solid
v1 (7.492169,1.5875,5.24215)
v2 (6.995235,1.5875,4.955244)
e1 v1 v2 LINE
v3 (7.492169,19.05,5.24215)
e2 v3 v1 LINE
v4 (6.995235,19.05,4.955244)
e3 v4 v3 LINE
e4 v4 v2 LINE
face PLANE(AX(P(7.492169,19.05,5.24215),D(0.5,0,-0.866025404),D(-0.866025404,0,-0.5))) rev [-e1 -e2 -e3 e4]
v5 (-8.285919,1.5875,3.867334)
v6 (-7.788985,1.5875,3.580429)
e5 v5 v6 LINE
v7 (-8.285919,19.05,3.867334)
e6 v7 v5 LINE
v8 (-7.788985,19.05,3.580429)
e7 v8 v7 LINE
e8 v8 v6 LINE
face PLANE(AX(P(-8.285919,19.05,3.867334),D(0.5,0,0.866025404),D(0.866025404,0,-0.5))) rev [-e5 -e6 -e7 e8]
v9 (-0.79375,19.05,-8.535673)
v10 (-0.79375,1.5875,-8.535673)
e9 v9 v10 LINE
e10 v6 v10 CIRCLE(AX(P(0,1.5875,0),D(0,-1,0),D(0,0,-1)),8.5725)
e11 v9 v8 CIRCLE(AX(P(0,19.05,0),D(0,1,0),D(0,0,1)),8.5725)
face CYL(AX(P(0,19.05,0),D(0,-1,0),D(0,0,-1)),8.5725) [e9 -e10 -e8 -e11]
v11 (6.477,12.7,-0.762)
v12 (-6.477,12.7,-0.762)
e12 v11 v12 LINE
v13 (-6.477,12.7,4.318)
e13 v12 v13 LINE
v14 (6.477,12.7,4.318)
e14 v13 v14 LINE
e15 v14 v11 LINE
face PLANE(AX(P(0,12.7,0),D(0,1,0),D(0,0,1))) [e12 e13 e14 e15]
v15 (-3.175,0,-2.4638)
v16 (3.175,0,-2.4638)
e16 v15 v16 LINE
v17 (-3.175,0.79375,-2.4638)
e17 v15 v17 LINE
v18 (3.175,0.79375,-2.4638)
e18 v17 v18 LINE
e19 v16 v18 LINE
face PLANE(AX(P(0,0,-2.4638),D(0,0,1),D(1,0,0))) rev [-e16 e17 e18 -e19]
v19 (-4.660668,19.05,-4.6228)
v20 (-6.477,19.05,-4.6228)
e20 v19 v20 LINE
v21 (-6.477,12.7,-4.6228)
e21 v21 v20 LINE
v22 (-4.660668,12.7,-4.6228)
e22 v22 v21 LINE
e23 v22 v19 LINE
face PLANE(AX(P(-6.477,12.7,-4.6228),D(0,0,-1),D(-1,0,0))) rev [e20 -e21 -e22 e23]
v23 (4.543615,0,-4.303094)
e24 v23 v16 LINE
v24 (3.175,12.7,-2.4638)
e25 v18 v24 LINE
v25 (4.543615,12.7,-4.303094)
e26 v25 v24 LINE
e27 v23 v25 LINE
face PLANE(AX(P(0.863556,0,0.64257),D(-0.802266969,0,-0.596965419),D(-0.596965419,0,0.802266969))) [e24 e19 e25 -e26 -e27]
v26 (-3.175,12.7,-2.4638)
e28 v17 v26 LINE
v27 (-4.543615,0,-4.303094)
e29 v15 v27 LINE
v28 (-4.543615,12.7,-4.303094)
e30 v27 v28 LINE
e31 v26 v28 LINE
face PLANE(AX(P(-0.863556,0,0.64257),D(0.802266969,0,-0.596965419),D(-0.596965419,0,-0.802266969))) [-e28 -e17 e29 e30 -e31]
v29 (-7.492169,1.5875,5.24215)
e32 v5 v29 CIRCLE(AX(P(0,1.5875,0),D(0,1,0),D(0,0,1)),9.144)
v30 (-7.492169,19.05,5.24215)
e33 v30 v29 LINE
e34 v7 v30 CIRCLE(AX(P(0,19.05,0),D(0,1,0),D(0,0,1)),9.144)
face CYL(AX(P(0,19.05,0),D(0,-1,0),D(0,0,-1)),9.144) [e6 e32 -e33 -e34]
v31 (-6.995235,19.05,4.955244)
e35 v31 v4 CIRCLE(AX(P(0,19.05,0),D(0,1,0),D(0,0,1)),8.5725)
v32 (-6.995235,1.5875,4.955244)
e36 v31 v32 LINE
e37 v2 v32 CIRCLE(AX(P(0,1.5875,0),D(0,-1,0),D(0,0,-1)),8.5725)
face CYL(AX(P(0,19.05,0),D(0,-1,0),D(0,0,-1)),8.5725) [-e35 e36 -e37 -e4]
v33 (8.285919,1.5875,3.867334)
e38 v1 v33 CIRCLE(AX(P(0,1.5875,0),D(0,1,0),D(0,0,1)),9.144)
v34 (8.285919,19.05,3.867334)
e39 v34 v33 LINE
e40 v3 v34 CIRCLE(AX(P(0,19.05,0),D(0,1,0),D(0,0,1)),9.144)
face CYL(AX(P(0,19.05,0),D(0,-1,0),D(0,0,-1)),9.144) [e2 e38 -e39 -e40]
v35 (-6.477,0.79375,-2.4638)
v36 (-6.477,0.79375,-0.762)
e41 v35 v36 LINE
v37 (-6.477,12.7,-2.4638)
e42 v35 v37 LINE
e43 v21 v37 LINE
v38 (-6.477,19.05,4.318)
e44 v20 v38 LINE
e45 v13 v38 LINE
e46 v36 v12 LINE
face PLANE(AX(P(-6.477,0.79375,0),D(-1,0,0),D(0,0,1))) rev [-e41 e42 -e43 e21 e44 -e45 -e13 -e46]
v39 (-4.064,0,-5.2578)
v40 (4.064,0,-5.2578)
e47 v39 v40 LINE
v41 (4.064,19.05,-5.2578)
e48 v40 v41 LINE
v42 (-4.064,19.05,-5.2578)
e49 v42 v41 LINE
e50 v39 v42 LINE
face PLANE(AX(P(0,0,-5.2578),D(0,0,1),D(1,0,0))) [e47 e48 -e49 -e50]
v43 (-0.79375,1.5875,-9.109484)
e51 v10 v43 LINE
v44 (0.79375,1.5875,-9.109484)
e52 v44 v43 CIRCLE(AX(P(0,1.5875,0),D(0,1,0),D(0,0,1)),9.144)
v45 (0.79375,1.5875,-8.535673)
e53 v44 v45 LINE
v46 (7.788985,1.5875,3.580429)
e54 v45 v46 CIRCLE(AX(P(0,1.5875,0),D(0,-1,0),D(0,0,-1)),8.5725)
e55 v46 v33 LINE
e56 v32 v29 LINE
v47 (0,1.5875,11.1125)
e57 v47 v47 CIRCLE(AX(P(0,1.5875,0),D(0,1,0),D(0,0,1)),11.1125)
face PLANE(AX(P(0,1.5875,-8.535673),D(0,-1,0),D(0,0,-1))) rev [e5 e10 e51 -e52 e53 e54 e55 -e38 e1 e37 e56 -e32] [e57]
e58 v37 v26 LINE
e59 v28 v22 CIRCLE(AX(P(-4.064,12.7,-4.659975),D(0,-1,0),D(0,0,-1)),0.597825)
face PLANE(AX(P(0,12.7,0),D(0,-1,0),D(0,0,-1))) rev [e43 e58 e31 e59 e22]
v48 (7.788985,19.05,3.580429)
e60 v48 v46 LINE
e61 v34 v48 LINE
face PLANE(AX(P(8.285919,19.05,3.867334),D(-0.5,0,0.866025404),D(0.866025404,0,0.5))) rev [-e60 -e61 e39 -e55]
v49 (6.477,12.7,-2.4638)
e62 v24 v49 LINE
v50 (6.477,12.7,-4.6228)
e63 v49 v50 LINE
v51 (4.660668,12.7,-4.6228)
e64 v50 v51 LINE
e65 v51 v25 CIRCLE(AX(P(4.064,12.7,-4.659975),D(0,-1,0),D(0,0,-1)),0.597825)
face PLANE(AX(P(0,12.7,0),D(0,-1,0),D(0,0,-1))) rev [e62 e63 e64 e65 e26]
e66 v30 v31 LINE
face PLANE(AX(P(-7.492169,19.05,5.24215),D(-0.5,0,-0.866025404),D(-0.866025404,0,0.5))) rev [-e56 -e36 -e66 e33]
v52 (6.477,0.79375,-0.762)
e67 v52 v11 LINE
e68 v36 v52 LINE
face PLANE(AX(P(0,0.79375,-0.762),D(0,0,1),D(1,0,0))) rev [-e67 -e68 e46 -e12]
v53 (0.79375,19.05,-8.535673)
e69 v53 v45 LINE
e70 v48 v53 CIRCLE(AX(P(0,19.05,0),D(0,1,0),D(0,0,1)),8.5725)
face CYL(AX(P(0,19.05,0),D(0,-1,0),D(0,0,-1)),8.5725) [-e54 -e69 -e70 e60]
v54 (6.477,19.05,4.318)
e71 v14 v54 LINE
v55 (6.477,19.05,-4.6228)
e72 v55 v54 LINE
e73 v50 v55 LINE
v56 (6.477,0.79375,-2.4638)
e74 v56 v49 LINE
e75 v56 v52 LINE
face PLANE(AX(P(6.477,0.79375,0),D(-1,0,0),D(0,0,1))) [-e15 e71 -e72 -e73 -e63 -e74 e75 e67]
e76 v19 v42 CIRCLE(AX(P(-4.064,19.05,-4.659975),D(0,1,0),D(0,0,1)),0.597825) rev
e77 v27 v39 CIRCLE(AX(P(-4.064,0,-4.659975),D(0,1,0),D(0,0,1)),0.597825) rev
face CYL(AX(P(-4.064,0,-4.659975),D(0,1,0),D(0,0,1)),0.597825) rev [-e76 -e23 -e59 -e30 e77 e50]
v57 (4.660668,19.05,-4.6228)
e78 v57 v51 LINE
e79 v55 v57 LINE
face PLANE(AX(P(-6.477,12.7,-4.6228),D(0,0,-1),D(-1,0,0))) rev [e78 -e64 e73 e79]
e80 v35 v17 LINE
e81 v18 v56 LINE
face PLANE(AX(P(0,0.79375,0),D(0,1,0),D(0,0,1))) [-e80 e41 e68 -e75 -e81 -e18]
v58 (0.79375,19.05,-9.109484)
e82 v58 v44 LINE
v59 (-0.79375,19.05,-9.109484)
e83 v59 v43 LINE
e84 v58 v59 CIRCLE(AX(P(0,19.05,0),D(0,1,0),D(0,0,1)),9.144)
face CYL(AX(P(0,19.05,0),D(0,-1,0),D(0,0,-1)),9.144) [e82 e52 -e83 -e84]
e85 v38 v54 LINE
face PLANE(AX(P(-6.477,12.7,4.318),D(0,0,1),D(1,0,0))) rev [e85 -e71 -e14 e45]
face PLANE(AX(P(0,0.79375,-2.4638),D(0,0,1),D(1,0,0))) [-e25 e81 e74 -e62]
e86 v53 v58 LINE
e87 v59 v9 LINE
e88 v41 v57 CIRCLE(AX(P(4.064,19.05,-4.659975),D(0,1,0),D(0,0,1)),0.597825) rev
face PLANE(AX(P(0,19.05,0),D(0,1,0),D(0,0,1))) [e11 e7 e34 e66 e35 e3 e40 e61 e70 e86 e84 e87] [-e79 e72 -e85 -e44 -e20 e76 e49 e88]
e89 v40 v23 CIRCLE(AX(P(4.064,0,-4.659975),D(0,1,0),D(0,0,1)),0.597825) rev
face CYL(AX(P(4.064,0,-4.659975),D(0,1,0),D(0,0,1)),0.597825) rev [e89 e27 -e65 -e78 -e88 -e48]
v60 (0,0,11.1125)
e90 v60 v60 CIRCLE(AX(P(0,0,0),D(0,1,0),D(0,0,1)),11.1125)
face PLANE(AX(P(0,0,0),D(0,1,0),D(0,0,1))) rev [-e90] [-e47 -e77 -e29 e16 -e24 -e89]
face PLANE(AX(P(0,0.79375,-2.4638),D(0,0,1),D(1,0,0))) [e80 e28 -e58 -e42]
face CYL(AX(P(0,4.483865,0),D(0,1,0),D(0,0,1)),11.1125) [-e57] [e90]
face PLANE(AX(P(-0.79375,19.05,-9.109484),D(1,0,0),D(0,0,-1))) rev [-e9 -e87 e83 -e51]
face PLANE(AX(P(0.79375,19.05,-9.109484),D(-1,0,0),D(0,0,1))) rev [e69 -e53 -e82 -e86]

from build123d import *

# Parameters (mm, degrees)
BOSS_EXTRUDE1_DEPTH = 19.05
CUT_EXTRUDE1_DEPTH  = 23.803574111
CUT_EXTRUDE2_DEPTH  = 18.25625
SKETCH6_W           = 0.608326788
SKETCH6_H           = 1.5875
SKETCH8_W           = 2.576826788
SKETCH8_H           = 1.5875
SKETCH9_W           = 12.954
SKETCH9_H           = 5.08
SKETCH9_H_2         = 2.159
CUT_EXTRUDE3_DEPTH  = 6.35


with BuildPart() as part:
    # Sketch1 → Boss-Extrude1 (new body)
    with BuildSketch(Plane(origin=(0, 0, 0), x_dir=(1, 0, 0), z_dir=(0, 1, 0))):
        with BuildLine():
            Line((-0.79375, 9.109483901), (-0.79375, 8.535673212))
            ThreePointArc((-0.79375, 8.535673212), (-7.424002774, 4.28625), (-7.78898484, -3.580428942))
            Line((-7.78898484, -3.580428942), (-8.285919473, -3.867334286))
            ThreePointArc((-8.285919473, -3.867334286), (-7.918936292, -4.572), (-7.492169473, -5.242149615))
            Line((-7.492169473, -5.242149615), (-6.99523484, -4.95524427))
            ThreePointArc((-6.99523484, -4.95524427), (0, -8.5725), (6.99523484, -4.95524427))
            Line((6.99523484, -4.95524427), (7.492169473, -5.242149615))
            ThreePointArc((7.492169473, -5.242149615), (7.918936292, -4.572), (8.285919473, -3.867334286))
            Line((8.285919473, -3.867334286), (7.78898484, -3.580428942))
            ThreePointArc((7.78898484, -3.580428942), (7.424002774, 4.28625), (0.79375, 8.535673212))
            Line((0.79375, 8.535673212), (0.79375, 9.109483901))
            ThreePointArc((0.79375, 9.109483901), (0, 9.144), (-0.79375, 9.109483901))
        make_face()
    extrude(amount=BOSS_EXTRUDE1_DEPTH)

    # Sketch2 → Cut-Extrude1 (cut, through all)
    with BuildSketch(Plane(origin=(0, 19.05, 0), x_dir=(1, 0, 0), z_dir=(0, 1, 0))):
        with BuildLine():
            Line((-4.543615348, 4.303093955), (-3.175, 2.4638))
            Line((-3.175, 2.4638), (3.175, 2.4638))
            Line((3.175, 2.4638), (4.543615348, 4.303093955))
            ThreePointArc((4.543615348, 4.303093955), (4.598203733, 4.928342625), (4.064, 5.2578))
            Line((4.064, 5.2578), (-4.064, 5.2578))
            ThreePointArc((-4.064, 5.2578), (-4.598203733, 4.928342625), (-4.543615348, 4.303093955))
        make_face()
    extrude(amount=-CUT_EXTRUDE1_DEPTH, mode=Mode.SUBTRACT)

    # Sketch2<4> → Cut-Extrude2 (cut)
    with BuildSketch(Plane(origin=(0, 19.05, 0), x_dir=(1, 0, 0), z_dir=(0, 1, 0))):
        Polygon((3.175, 2.4638), (-3.175, 2.4638), (-6.477, 2.4638), (-6.477, 0.762), (6.477, 0.762), (6.477, 2.4638), align=None)
    extrude(amount=-CUT_EXTRUDE2_DEPTH, mode=Mode.SUBTRACT)

    # Sketch6 → Cut-Revolve2 (revolve, cut)
    with BuildSketch(Plane(origin=(0, 0, 0), x_dir=(0, 0, -1), z_dir=(1, 0, 0))):
        with Locations((8.839836606, 0.79375)):
            Rectangle(SKETCH6_W, SKETCH6_H)
    revolve(axis=Axis((0, 19.730213777, 0), (0, -1, 0)), mode=Mode.SUBTRACT)

    # Sketch8 → Revolve2 (revolve)
    with BuildSketch(Plane(origin=(0, 0, 0), x_dir=(0, 0, -1), z_dir=(1, 0, 0))):
        with Locations((9.824086606, 0.79375)):
            Rectangle(SKETCH8_W, SKETCH8_H)
    revolve(axis=Axis((0, 4.48386458, 0), (0, -1, 0)))

    # Sketch9 → Cut-Extrude3 (cut)
    with BuildSketch(Plane(origin=(0, 19.05, 0), x_dir=(1, 0, 0), z_dir=(0, 1, 0))):
        with Locations((0, -1.778)):
            Rectangle(SKETCH9_W, SKETCH9_H)
        with Locations((0, 3.5433)):
            Rectangle(SKETCH9_W, SKETCH9_H_2)
    extrude(amount=-CUT_EXTRUDE3_DEPTH, mode=Mode.SUBTRACT)


solid = part.part
